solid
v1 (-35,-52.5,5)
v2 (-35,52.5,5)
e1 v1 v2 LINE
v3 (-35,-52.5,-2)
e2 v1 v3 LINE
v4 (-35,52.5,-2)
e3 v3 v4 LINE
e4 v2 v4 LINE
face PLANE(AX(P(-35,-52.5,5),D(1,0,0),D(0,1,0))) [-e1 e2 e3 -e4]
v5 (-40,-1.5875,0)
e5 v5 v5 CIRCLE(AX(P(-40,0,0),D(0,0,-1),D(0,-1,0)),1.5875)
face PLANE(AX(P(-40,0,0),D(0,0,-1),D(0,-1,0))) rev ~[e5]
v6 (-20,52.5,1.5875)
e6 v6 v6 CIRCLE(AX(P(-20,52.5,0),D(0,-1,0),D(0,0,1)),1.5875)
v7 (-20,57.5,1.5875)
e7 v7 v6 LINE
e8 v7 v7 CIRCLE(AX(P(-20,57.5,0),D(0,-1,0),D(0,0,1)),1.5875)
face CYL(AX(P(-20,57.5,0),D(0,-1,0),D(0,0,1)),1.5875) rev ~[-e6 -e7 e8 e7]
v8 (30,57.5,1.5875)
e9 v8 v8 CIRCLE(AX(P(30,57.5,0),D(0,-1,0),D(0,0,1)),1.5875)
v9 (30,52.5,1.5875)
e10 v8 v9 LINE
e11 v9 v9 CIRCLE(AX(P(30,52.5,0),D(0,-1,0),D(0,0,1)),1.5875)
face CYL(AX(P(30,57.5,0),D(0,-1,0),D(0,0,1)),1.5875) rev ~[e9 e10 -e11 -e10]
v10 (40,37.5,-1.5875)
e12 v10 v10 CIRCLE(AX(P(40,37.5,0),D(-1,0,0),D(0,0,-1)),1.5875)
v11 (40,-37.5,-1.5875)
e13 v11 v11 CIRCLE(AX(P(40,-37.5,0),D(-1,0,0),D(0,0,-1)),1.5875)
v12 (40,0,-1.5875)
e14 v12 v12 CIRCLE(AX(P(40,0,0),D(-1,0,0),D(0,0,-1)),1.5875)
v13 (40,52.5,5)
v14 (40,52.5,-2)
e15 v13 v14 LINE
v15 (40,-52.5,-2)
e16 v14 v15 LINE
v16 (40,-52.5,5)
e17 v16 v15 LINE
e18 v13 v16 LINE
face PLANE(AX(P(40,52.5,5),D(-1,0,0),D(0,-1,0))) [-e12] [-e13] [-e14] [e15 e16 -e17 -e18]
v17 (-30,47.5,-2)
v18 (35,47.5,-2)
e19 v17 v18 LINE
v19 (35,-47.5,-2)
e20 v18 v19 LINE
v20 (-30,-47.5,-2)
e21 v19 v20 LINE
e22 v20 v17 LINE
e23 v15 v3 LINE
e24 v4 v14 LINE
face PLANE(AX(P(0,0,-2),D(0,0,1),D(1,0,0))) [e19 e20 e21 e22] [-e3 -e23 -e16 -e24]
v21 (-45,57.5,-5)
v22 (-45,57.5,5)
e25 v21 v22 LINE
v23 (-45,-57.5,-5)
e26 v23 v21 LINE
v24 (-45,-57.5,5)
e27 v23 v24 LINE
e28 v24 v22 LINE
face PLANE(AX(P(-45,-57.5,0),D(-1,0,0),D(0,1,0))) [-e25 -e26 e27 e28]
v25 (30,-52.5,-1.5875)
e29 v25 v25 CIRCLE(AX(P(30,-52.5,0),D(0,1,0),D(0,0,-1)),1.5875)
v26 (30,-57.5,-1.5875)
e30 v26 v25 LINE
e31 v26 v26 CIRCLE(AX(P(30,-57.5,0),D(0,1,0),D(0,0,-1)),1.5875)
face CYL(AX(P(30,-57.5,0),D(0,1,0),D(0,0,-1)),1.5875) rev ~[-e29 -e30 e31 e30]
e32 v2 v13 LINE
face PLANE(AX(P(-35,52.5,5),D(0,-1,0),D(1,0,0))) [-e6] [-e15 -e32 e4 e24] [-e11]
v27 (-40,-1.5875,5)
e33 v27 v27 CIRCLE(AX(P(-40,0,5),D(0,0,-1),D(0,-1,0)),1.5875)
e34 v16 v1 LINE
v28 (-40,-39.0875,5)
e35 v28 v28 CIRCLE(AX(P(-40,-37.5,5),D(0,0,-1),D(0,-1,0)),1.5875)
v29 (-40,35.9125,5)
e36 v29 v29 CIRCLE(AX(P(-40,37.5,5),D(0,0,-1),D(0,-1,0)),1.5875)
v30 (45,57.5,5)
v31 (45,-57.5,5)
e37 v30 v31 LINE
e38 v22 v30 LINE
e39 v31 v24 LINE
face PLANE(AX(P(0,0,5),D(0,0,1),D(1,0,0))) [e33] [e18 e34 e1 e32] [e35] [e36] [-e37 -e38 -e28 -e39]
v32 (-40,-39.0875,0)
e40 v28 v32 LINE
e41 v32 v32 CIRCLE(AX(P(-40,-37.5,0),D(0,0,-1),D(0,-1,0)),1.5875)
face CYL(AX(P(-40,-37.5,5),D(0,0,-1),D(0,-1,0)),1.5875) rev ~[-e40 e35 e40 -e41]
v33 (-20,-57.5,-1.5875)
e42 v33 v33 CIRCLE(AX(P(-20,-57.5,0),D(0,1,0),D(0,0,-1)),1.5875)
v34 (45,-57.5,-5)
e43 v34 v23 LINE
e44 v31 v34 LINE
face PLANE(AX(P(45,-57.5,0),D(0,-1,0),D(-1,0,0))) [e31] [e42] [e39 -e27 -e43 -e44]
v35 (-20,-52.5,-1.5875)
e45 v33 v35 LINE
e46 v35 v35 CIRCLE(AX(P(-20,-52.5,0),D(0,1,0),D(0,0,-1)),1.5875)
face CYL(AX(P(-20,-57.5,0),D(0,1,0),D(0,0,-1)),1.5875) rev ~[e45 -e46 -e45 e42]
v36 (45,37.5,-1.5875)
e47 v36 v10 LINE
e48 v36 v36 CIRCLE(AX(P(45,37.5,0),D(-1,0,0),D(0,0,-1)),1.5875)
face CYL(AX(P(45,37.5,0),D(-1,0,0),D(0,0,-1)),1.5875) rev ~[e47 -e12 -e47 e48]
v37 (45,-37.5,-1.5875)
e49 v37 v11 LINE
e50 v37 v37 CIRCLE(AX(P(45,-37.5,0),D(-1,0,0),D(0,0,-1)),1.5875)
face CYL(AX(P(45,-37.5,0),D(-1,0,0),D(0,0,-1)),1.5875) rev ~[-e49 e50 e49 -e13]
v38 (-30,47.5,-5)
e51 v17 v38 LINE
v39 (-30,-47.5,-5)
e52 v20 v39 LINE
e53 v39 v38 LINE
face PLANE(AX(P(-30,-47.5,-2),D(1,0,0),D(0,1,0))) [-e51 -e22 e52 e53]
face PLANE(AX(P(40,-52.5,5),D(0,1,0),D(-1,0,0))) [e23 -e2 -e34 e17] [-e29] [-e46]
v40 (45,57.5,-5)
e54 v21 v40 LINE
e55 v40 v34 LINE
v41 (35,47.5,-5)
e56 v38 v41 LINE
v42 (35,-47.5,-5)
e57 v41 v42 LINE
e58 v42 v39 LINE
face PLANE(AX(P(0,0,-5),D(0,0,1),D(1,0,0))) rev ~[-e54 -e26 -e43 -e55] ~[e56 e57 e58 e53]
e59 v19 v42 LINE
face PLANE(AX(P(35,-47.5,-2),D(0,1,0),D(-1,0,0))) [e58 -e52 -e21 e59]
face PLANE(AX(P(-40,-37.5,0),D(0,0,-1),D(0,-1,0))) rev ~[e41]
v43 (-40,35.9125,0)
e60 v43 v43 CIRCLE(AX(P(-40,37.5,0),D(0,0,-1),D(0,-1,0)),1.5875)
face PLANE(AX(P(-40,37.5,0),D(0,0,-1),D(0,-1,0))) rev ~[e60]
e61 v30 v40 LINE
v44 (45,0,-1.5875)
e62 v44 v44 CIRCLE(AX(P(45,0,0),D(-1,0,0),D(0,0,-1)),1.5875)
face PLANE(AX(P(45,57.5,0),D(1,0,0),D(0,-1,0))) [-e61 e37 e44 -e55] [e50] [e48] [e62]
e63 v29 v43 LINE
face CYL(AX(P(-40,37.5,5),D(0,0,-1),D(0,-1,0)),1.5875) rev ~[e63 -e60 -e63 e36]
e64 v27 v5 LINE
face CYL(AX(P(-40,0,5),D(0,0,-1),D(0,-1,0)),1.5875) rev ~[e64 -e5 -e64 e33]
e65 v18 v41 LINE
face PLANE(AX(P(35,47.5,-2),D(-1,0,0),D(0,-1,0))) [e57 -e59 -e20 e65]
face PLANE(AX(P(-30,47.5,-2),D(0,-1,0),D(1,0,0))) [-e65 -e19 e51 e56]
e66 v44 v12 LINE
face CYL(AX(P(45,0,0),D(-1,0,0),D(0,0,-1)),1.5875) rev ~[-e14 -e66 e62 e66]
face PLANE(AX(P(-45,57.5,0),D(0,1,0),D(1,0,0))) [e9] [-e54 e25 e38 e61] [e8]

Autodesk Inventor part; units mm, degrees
ref_plane "YZ Plane" through (0, 0, 0) normal (1, 0, 0) x (0, 1, 0)
ref_plane "XZ Plane" through (0, 0, 0) normal (0, 1, 0) x (-1, 0, 0)
ref_plane "XY Plane" through (0, 0, 0) normal (0, 0, 1) x (1, 0, 0)
sketch "Sketch1" plane through (0, 0, 0) normal (0, 0, 1) x (1, 0, 0)
  line L0 (-45, 57.5) -> (45, 57.5)
  line L1 (45, 57.5) -> (45, -57.5)
  line L2 (45, -57.5) -> (-45, -57.5)
  line L3 (-45, -57.5) -> (-45, 57.5)
  line L4 (-45, 57.5) -> (45, -57.5) construction
  line L5 (45, 57.5) -> (-45, -57.5) construction
  point P0 (0, 0)
  dimension "d0" = 90
  dimension "d1" = 115
extrude "Extrusion1" add sketch "Sketch1" along normal mid plane 10
sketch "Sketch2" plane through (45, -57.5, 5) normal (1, 0, 0) x (0, 0, -1)
  line L0 (10, 0) -> (0, 0) projected
  line L1 (10, 115) -> (10, 0) projected
  point P0 (5, 57.5)
  point P1 (5, 20)
  point P2 (5, 57.5)
  point P3 (5, 95)
  dimension "d4" = 20
  dimension "d5" = 5
  dimension "d8" = 37.5
hole "Hole1" at (45, -37.5, 0) at (45, 0, 0) at (45, 37.5, 0) direction (-1, 0, 0) diameter 3.175 depth 5
sketch "Sketch3" plane through (-45, -57.5, 5) normal (0, -1, 0) x (1, 0, 0)
  line L0 (0, 0) -> (0, -10) projected
  line L1 (90, -10) -> (0, -10) projected
  point P0 (45, -5)
  point P1 (25, -5)
  point P2 (75, -5)
  dimension "d20" = 25
  dimension "d21" = 5
  dimension "d24" = 50
hole "Hole2" at (-20, -57.5, 0) at (30, -57.5, 0) direction (0, 1, 0) diameter 3.175 depth 5
sketch "Sketch4" plane through (-45, 57.5, 5) normal (0, 1, 0) x (1, 0, 0)
  line L0 (0, 10) -> (0, 0) projected
  line L1 (90, 0) -> (0, 0) projected
  point P0 (45, 5)
  point P1 (25, 5)
  point P2 (75, 5)
  dimension "d36" = 25
  dimension "d37" = 5
  dimension "d40" = 50
hole "Hole3" at (-20, 57.5, 0) at (30, 57.5, 0) direction (0, -1, 0) diameter 3.175 depth 5
sketch "Sketch5" plane through (0, 0, 5) normal (0, 0, 1) x (1, 0, 0)
  line L0 (-45, 57.5) -> (-45, -57.5) projected
  line L1 (-45, -57.5) -> (45, -57.5) projected
  point P0 (0, 0)
  point P1 (-40, -37.5)
  point P2 (-40, 0)
  point P3 (-40, 37.5)
  dimension "d52" = 5
  dimension "d53" = 20
  dimension "d56" = 37.5
hole "Hole4" at (-40, -37.5, 5) at (-40, 0, 5) at (-40, 37.5, 5) direction (0, 0, -1) diameter 3.175 depth 5
sketch "Sketch6" plane through (0, 0, 5) normal (0, 0, 1) x (1, 0, 0)
  line L0 (40, -52.5) -> (-35, -52.5)
  line L1 (-35, -52.5) -> (-35, 52.5)
  line L2 (-35, 52.5) -> (40, 52.5)
  line L3 (40, 52.5) -> (40, -52.5)
  line L4 (40, -52.5) -> (-35, 52.5) construction
  line L5 (-35, -52.5) -> (40, 52.5) construction
  line L6 (-45, 57.5) -> (-45, -57.5) projected
  line L7 (45, 57.5) -> (-45, 57.5) projected
  line L8 (45, -57.5) -> (45, 57.5) projected
  line L9 (-45, -57.5) -> (45, -57.5) projected
  point P0 (0, 0)
  point P1 (2.5, 0)
  dimension "d68" = 10
  dimension "d69" = 5
  dimension "d72" = 5
  dimension "d74" = 5
extrude "Extrusion2" cut sketch "Sketch6" against normal blind 7 contours L0 L1 L2 L3
sketch "Sketch7" plane through (0, 0, -2) normal (0, 0, 1) x (1, 0, 0)
  line L0 (35, -47.5) -> (-30, -47.5)
  line L1 (-30, -47.5) -> (-30, 47.5)
  line L2 (-30, 47.5) -> (35, 47.5)
  line L3 (35, 47.5) -> (35, -47.5)
  line L4 (35, -47.5) -> (-30, 47.5) construction
  line L5 (-30, -47.5) -> (35, 47.5) construction
  line L6 (40, 52.5) -> (40, -52.5) projected
  line L7 (-35, -52.5) -> (-35, 52.5) projected
  line L8 (-35, 52.5) -> (40, 52.5) projected
  line L9 (40, -52.5) -> (-35, -52.5) projected
  point P0 (0, 0)
  point P1 (2.5, 0)
  dimension "d77" = 5
  dimension "d78" = 5
  dimension "d79" = 5
  dimension "d81" = 5
extrude "Extrusion3" cut sketch "Sketch7" against normal through all contours L0 L1 L2 L3
properties part number "leftright"
